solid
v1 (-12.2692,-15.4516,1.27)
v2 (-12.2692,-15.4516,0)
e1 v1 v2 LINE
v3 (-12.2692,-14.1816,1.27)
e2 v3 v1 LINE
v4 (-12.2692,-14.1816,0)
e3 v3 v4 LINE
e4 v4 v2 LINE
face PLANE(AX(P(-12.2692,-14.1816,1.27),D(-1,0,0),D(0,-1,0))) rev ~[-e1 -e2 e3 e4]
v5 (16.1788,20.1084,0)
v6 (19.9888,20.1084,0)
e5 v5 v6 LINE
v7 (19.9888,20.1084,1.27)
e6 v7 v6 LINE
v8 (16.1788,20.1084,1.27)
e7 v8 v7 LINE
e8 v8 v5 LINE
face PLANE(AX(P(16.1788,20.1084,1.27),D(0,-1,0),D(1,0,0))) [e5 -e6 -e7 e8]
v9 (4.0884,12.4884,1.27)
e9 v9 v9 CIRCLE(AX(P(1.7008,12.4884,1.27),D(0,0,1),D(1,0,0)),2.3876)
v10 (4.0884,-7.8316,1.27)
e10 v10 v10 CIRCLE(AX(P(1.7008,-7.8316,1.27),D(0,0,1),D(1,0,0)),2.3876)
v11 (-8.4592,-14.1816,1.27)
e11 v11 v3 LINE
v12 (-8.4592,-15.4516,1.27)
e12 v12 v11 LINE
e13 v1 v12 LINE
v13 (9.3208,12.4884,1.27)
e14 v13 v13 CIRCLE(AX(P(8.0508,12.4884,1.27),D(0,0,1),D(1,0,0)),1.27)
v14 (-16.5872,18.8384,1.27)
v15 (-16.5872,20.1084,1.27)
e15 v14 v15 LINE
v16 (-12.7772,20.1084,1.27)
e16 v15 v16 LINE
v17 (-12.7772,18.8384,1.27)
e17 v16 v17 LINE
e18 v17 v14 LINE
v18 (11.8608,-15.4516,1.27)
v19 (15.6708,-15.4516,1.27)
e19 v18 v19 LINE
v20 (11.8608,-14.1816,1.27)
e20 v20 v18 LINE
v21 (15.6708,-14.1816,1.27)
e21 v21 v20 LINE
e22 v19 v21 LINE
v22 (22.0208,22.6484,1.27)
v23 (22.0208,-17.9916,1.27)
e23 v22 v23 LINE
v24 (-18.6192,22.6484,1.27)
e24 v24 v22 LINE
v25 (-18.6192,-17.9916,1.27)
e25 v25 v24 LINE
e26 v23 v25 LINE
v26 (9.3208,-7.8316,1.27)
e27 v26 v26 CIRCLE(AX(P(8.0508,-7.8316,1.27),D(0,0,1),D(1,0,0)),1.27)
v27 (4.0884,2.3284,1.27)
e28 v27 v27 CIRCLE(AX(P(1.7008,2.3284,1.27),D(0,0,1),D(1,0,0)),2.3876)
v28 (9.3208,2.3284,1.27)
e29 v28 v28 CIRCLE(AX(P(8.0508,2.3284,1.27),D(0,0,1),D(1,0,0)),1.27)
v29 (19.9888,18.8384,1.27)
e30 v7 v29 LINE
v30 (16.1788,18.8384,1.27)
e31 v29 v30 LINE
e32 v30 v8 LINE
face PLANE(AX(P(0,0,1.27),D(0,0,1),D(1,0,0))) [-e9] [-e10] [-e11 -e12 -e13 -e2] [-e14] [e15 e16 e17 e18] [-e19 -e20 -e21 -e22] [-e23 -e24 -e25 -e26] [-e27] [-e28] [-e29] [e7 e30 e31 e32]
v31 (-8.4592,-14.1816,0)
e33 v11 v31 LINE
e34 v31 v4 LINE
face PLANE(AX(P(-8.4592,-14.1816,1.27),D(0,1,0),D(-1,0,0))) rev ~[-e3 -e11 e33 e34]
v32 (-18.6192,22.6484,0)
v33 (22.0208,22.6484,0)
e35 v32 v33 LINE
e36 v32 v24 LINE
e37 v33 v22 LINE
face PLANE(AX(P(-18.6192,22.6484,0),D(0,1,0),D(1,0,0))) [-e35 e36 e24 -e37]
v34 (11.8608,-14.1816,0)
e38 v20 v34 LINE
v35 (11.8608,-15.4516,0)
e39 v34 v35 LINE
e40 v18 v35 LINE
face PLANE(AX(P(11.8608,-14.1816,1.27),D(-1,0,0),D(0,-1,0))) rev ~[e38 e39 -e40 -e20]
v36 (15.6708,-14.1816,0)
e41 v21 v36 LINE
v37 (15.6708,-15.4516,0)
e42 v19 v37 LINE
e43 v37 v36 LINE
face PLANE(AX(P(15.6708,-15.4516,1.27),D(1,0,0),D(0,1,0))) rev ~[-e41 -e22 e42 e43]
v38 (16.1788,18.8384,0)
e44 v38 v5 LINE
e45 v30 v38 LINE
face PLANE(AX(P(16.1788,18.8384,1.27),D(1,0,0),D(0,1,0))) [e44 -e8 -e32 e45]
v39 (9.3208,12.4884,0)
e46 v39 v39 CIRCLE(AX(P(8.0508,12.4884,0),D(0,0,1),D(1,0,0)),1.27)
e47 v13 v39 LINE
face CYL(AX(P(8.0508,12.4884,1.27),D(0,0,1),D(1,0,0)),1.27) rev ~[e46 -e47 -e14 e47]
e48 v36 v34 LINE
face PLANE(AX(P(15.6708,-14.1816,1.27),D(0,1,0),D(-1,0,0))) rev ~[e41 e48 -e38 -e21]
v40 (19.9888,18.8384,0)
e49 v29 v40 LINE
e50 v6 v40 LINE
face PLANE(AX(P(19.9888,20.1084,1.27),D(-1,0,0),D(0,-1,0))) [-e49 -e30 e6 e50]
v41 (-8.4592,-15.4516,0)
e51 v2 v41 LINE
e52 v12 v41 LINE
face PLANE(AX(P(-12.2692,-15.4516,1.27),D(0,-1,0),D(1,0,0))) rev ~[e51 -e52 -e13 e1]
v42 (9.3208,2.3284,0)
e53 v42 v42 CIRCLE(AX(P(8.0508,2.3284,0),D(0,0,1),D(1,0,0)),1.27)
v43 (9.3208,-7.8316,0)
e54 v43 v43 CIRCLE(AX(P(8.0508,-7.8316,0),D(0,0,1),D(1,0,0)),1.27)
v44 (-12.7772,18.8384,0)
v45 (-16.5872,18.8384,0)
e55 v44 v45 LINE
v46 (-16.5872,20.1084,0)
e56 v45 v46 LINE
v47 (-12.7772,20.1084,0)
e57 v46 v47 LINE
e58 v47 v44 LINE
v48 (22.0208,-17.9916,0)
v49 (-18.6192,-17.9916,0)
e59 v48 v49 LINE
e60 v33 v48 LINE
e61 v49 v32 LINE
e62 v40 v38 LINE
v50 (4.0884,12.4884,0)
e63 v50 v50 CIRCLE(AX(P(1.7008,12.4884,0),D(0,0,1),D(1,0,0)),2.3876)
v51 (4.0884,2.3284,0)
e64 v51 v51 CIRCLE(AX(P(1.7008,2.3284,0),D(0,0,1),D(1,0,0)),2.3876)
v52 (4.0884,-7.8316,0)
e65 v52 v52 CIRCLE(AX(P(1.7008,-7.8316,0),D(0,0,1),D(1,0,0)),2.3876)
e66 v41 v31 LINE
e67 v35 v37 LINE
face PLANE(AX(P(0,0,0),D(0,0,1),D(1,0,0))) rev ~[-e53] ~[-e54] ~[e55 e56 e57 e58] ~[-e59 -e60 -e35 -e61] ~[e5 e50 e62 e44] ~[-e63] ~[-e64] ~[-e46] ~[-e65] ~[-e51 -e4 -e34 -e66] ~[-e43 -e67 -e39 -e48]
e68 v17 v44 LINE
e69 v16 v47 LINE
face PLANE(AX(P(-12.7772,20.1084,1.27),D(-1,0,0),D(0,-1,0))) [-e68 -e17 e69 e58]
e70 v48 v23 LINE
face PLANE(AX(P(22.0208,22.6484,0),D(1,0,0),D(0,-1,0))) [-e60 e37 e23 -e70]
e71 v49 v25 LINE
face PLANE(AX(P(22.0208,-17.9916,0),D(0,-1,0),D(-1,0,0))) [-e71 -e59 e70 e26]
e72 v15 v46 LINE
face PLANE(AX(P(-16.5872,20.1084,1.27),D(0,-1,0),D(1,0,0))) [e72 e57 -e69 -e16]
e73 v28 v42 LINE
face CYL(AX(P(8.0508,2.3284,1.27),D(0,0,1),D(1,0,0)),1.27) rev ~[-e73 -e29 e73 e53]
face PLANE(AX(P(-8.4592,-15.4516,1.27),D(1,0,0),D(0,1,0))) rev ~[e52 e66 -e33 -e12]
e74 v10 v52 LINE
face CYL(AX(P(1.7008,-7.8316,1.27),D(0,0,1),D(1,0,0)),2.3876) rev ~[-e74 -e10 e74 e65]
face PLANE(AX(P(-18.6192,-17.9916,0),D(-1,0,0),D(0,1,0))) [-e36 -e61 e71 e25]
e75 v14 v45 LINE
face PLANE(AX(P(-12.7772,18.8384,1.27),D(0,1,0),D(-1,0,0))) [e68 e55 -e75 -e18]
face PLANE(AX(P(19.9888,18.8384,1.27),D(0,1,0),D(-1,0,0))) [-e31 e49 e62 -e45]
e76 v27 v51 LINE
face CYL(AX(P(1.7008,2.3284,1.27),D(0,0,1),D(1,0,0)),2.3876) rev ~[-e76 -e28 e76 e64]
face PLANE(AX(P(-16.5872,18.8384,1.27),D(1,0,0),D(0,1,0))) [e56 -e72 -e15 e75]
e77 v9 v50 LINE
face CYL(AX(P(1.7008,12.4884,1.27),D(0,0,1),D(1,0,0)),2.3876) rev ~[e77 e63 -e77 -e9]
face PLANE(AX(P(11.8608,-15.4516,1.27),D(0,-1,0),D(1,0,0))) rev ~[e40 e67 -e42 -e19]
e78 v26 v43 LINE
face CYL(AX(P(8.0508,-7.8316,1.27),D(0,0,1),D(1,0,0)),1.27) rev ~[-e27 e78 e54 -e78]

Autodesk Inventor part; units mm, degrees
ref_plane "YZ Plane" through (0, 0, 0) normal (1, 0, 0) x (0, 1, 0)
ref_plane "XZ Plane" through (0, 0, 0) normal (0, 1, 0) x (-1, 0, 0)
ref_plane "XY Plane" through (0, 0, 0) normal (0, 0, 1) x (1, 0, 0)
sketch "Sketch1" plane through (0, 0, 0) normal (0, 0, 1) x (1, 0, 0)
  line L0 (-18.6192, 22.6484) -> (22.0208, 22.6484)
  line L1 (22.0208, 22.6484) -> (22.0208, -17.9916)
  line L2 (22.0208, -17.9916) -> (-18.6192, -17.9916)
  line L3 (-18.6192, -17.9916) -> (-18.6192, 22.6484)
  dimension "d0" = 40.64
  dimension "d1" = 40.64
extrude "Extrusion1" add sketch "Sketch1" along normal blind 1.27
sketch "Sketch2" plane through (0, 0, 1.27) normal (0, 0, 1) x (1, 0, 0)
  line L0 (-18.6192, 22.6484) -> (22.0208, 22.6484) projected
  line L1 (-18.6192, -17.9916) -> (-18.6192, 22.6484) projected
  line L2 (-16.5872, 20.1084) -> (-12.7772, 20.1084)
  line L3 (-12.7772, 20.1084) -> (-12.7772, 18.8384)
  line L4 (-12.7772, 18.8384) -> (-16.5872, 18.8384)
  line L5 (-16.5872, 18.8384) -> (-16.5872, 20.1084)
  dimension "d4" = 2.54
  dimension "d5" = 1.27
  dimension "d6" = 2.032
  dimension "d7" = 3.81
extrude "Extrusion2" cut sketch "Sketch2" against normal through all
pattern_linear "Rectangular Pattern1" count 2 spacing 32.766 along (1, 0, 0) of "Extrusion2"
sketch "Sketch3" plane through (0, 0, 1.27) normal (0, 0, 1) x (1, 0, 0)
  line L0 (22.0208, 22.6484) -> (22.0208, -17.9916) projected
  line L1 (-18.6192, 22.6484) -> (22.0208, 22.6484) projected
  line L2 (-18.6192, -17.9916) -> (-18.6192, 22.6484) projected
  circle A0 centre (1.7008, 12.4884) radius 2.3876
  circle A1 centre (8.0508, 12.4884) radius 1.27
  circle A2 centre (1.7008, 12.4884) radius 20.32 construction
  dimension "d16" = 2.54
  dimension "d17" = 4.7752
  dimension "d18" = 6.35
  dimension "d19" = 10.16
extrude "Extrusion3" cut sketch "Sketch3" against normal through all
pattern_linear "Rectangular Pattern2" count 3 spacing 10.16 along (0, -1, 0) of "Extrusion3"
sketch "Sketch4" plane through (0, 0, 1.27) normal (0, 0, 1) x (1, 0, 0)
  line L0 (-18.6192, -17.9916) -> (-18.6192, 22.6484) projected
  line L1 (22.0208, -17.9916) -> (-18.6192, -17.9916) projected
  line L2 (-12.2692, -15.4516) -> (-8.4592, -15.4516)
  line L3 (-8.4592, -15.4516) -> (-8.4592, -14.1816)
  line L4 (-8.4592, -14.1816) -> (-12.2692, -14.1816)
  line L5 (-12.2692, -14.1816) -> (-12.2692, -15.4516)
  dimension "d25" = 3.81
  dimension "d26" = 1.27
  dimension "d27" = 2.54
  dimension "d28" = 6.35
extrude "Extrusion4" cut sketch "Sketch4" against normal through all
pattern_linear "Rectangular Pattern3" count 2 spacing 24.13 along (1, 0, 0) of "Extrusion4"
properties part number "fishpaper"
